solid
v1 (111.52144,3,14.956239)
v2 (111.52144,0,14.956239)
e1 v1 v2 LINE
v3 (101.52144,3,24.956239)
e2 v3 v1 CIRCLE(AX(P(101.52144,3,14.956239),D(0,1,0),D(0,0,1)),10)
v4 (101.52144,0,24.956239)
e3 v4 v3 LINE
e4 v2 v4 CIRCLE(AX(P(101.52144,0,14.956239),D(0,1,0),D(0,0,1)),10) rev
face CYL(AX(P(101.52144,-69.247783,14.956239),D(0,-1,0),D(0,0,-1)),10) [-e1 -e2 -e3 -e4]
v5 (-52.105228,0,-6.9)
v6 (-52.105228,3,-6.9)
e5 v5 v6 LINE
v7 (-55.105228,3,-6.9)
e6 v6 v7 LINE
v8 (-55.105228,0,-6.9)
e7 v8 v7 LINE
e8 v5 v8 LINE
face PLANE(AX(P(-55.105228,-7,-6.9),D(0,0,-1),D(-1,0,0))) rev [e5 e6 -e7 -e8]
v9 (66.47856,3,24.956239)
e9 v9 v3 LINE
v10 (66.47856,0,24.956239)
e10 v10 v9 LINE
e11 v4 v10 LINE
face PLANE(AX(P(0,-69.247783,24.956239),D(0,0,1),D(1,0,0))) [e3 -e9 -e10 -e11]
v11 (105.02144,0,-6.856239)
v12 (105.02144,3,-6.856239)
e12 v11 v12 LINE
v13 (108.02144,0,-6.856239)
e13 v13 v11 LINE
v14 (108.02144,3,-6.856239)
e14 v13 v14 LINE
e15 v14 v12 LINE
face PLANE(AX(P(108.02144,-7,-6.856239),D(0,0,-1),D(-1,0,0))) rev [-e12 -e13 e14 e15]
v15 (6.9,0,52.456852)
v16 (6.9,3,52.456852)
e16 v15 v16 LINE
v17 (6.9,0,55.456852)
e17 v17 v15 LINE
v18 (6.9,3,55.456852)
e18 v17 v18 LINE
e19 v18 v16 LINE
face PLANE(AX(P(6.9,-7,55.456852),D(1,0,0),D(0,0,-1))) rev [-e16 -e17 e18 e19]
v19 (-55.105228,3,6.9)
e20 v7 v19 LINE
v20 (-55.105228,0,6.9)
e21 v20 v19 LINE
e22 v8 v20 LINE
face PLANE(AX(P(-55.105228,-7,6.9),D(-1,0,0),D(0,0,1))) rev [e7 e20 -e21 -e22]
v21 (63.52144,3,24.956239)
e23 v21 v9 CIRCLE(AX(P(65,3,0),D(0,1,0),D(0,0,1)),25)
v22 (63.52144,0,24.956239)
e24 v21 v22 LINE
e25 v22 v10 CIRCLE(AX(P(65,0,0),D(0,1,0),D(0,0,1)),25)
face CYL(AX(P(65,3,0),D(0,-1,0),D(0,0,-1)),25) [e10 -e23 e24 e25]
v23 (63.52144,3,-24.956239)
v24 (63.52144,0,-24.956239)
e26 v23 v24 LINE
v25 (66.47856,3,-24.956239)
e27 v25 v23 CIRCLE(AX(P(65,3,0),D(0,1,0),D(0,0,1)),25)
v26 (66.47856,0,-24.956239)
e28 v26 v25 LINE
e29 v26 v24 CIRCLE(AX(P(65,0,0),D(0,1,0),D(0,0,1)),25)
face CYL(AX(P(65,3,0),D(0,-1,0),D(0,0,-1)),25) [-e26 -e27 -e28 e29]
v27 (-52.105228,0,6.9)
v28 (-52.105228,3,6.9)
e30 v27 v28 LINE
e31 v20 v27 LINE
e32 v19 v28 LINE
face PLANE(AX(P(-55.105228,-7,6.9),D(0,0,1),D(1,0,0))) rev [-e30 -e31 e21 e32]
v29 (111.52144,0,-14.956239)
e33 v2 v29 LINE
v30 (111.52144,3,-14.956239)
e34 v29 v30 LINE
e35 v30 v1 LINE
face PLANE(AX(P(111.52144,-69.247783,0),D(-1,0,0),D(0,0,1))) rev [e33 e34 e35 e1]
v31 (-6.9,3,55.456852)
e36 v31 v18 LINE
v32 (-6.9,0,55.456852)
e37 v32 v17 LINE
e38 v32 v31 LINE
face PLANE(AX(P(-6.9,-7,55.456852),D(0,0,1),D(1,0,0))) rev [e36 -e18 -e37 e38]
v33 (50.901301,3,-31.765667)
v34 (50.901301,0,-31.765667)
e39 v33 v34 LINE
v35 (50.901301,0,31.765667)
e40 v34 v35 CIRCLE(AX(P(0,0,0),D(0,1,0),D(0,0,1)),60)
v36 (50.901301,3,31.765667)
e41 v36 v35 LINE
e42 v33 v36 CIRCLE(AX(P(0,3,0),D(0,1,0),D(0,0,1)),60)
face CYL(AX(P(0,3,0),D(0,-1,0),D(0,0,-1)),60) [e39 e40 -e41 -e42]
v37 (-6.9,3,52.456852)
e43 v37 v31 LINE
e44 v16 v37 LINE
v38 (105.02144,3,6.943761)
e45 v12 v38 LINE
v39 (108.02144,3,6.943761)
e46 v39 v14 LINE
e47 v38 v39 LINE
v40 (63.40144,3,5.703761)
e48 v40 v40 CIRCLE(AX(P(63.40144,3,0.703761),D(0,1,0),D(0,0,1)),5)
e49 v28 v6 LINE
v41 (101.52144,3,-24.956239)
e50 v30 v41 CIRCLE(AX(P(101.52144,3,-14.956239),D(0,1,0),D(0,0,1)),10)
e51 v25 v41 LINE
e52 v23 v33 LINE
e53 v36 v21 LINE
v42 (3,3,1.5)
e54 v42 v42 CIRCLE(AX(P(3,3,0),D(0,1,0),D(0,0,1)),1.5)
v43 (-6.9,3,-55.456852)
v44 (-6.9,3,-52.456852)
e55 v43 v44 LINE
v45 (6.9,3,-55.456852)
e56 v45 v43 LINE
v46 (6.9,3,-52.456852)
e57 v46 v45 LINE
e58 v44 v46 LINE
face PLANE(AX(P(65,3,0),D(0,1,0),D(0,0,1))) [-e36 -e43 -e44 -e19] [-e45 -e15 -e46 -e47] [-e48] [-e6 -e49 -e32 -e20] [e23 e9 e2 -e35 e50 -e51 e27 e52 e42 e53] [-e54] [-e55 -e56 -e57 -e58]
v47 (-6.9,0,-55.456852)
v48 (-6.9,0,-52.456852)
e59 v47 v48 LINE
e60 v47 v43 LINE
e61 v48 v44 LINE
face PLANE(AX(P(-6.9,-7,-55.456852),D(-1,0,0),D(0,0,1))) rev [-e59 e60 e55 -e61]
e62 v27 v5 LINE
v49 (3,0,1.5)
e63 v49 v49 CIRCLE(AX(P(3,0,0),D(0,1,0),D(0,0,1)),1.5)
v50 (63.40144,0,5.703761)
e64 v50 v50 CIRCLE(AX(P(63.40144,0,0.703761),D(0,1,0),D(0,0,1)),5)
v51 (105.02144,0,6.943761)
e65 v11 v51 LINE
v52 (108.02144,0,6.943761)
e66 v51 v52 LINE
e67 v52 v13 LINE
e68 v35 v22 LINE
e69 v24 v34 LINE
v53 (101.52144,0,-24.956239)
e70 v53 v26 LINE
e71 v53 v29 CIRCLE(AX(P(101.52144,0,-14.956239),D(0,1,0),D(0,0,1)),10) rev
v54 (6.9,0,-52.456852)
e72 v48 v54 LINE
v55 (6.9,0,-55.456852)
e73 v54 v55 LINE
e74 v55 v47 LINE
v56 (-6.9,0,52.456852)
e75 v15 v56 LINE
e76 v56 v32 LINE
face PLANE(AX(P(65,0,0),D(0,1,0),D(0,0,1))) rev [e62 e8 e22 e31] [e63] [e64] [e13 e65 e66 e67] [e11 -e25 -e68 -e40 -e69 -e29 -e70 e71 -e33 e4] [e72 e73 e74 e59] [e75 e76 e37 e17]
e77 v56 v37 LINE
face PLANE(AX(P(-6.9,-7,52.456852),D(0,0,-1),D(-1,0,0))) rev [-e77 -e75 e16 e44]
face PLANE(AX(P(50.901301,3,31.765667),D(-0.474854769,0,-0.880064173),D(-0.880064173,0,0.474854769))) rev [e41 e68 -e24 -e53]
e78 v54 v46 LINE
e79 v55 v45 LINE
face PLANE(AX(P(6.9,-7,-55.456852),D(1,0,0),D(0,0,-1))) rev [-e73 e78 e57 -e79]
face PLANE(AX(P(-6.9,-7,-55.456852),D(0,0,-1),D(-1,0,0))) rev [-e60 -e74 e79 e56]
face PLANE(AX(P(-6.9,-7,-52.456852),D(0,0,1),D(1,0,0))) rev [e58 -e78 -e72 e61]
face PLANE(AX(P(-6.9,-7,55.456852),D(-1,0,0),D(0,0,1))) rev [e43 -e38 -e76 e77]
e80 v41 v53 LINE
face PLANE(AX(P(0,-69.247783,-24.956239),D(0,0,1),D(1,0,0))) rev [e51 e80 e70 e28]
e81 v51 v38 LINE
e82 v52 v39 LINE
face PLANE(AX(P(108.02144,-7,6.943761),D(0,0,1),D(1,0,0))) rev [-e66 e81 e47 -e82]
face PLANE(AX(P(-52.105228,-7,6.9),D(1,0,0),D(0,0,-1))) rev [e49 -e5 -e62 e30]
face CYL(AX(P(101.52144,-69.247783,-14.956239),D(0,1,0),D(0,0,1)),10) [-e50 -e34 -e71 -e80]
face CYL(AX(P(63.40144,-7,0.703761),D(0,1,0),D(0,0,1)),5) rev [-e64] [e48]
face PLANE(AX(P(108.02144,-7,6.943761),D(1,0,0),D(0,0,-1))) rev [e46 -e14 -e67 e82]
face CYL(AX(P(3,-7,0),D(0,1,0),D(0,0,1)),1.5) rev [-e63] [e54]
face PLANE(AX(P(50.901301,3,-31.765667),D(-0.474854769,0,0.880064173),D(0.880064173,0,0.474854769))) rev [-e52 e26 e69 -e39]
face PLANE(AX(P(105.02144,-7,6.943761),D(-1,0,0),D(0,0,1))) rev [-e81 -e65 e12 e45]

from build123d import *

# Parameters (mm, degrees)
EXTRUDE_1_DEPTH     = 3
SKETCH_3_W          = 13.8
SKETCH_3_H          = 3
SKETCH_3_W_2        = 3
SKETCH_3_H_2        = 13.8
CUT_EXTRUDE_1_DEPTH = 10
EXTRUDE_START       = -3
EXTRUDE_2_DEPTH     = 3
FILLET_1_R          = 10
SKETCH_6_W          = 3
SKETCH_6_H          = 13.8
CUT_EXTRUDE_2_DEPTH = 10
SKETCH_7_R          = 1.5
CUT_EXTRUDE_3_DEPTH = 10
SKETCH_8_R          = 5
CUT_EXTRUDE_4_DEPTH = 10


with BuildPart() as part:
    # Эскиз2 → Бобышка-Вытянуть1 (new body)
    with BuildSketch(Plane(origin=(0, 0, 0), x_dir=(1, 0, 0), z_dir=(0, 1, 0))):
        with BuildLine():
            Line((50.901300831, -31.765666587), (63.52144012, -24.956238913))
            ThreePointArc((63.52144012, -24.956238913), (90, 0), (63.52144012, 24.956238913))
            Line((63.52144012, 24.956238913), (50.901300831, 31.765666587))
            ThreePointArc((50.901300831, 31.765666587), (-60, 0), (50.901300831, -31.765666587))
        make_face()
    extrude(amount=EXTRUDE_1_DEPTH)

    # Эскиз3 → Вырез-Вытянуть1 (cut)
    with BuildSketch(Plane(origin=(0, 3, 0), x_dir=(1, 0, 0), z_dir=(0, 1, 0))):
        with Locations((0, 53.956851754)):
            Rectangle(SKETCH_3_W, SKETCH_3_H)
        with Locations((0, -53.956851754)):
            Rectangle(SKETCH_3_W, SKETCH_3_H)
        with Locations((-53.60522772, 0)):
            Rectangle(SKETCH_3_W_2, SKETCH_3_H_2)
    extrude(amount=-CUT_EXTRUDE_1_DEPTH, mode=Mode.SUBTRACT)

    # Эскиз5 → Бобышка-Вытянуть2 (add)
    with BuildSketch(Plane(origin=(0, 3, 0), x_dir=(1, 0, 0), z_dir=(0, 1, 0)).offset(EXTRUDE_START)):
        with BuildLine():
            Line((111.52144012, 24.956238913), (66.47855988, 24.956238913))
            ThreePointArc((66.47855988, 24.956238913), (90, 0), (66.47855988, -24.956238913))
            Line((66.47855988, -24.956238913), (111.52144012, -24.956238913))
            Line((111.52144012, -24.956238913), (111.52144012, 24.956238913))
        make_face()
    extrude(amount=EXTRUDE_2_DEPTH)

    # Скругление1
    fillet_1_edges = [part.edges().sort_by_distance(p)[0] for p in [
        (111.52144012, 1.5, 24.956238913),
        (111.52144012, 1.5, -24.956238913),
    ]]
    fillet(fillet_1_edges, radius=FILLET_1_R)

    # Эскиз6 → Вырез-Вытянуть2 (cut)
    with BuildSketch(Plane(origin=(0, 3, 0), x_dir=(1, 0, 0), z_dir=(0, 1, 0))):
        with Locations((106.52144012, -0.043761087)):
            Rectangle(SKETCH_6_W, SKETCH_6_H)
    extrude(amount=-CUT_EXTRUDE_2_DEPTH, mode=Mode.SUBTRACT)

    # Эскиз7 → Вырез-Вытянуть3 (cut)
    with BuildSketch(Plane(origin=(0, 3, 0), x_dir=(1, 0, 0), z_dir=(0, 1, 0))):
        with Locations(Location((3, 0, 0), (0, 0, 270))):
            Circle(SKETCH_7_R)
    extrude(amount=-CUT_EXTRUDE_3_DEPTH, mode=Mode.SUBTRACT)

    # Эскиз8 → Вырез-Вытянуть4 (cut)
    with BuildSketch(Plane(origin=(0, 3, 0), x_dir=(1, 0, 0), z_dir=(0, 1, 0))):
        with Locations(Location((63.40144012, -0.703761087, 0), (0, 0, 270))):
            Circle(SKETCH_8_R)
    extrude(amount=-CUT_EXTRUDE_4_DEPTH, mode=Mode.SUBTRACT)


solid = part.part
